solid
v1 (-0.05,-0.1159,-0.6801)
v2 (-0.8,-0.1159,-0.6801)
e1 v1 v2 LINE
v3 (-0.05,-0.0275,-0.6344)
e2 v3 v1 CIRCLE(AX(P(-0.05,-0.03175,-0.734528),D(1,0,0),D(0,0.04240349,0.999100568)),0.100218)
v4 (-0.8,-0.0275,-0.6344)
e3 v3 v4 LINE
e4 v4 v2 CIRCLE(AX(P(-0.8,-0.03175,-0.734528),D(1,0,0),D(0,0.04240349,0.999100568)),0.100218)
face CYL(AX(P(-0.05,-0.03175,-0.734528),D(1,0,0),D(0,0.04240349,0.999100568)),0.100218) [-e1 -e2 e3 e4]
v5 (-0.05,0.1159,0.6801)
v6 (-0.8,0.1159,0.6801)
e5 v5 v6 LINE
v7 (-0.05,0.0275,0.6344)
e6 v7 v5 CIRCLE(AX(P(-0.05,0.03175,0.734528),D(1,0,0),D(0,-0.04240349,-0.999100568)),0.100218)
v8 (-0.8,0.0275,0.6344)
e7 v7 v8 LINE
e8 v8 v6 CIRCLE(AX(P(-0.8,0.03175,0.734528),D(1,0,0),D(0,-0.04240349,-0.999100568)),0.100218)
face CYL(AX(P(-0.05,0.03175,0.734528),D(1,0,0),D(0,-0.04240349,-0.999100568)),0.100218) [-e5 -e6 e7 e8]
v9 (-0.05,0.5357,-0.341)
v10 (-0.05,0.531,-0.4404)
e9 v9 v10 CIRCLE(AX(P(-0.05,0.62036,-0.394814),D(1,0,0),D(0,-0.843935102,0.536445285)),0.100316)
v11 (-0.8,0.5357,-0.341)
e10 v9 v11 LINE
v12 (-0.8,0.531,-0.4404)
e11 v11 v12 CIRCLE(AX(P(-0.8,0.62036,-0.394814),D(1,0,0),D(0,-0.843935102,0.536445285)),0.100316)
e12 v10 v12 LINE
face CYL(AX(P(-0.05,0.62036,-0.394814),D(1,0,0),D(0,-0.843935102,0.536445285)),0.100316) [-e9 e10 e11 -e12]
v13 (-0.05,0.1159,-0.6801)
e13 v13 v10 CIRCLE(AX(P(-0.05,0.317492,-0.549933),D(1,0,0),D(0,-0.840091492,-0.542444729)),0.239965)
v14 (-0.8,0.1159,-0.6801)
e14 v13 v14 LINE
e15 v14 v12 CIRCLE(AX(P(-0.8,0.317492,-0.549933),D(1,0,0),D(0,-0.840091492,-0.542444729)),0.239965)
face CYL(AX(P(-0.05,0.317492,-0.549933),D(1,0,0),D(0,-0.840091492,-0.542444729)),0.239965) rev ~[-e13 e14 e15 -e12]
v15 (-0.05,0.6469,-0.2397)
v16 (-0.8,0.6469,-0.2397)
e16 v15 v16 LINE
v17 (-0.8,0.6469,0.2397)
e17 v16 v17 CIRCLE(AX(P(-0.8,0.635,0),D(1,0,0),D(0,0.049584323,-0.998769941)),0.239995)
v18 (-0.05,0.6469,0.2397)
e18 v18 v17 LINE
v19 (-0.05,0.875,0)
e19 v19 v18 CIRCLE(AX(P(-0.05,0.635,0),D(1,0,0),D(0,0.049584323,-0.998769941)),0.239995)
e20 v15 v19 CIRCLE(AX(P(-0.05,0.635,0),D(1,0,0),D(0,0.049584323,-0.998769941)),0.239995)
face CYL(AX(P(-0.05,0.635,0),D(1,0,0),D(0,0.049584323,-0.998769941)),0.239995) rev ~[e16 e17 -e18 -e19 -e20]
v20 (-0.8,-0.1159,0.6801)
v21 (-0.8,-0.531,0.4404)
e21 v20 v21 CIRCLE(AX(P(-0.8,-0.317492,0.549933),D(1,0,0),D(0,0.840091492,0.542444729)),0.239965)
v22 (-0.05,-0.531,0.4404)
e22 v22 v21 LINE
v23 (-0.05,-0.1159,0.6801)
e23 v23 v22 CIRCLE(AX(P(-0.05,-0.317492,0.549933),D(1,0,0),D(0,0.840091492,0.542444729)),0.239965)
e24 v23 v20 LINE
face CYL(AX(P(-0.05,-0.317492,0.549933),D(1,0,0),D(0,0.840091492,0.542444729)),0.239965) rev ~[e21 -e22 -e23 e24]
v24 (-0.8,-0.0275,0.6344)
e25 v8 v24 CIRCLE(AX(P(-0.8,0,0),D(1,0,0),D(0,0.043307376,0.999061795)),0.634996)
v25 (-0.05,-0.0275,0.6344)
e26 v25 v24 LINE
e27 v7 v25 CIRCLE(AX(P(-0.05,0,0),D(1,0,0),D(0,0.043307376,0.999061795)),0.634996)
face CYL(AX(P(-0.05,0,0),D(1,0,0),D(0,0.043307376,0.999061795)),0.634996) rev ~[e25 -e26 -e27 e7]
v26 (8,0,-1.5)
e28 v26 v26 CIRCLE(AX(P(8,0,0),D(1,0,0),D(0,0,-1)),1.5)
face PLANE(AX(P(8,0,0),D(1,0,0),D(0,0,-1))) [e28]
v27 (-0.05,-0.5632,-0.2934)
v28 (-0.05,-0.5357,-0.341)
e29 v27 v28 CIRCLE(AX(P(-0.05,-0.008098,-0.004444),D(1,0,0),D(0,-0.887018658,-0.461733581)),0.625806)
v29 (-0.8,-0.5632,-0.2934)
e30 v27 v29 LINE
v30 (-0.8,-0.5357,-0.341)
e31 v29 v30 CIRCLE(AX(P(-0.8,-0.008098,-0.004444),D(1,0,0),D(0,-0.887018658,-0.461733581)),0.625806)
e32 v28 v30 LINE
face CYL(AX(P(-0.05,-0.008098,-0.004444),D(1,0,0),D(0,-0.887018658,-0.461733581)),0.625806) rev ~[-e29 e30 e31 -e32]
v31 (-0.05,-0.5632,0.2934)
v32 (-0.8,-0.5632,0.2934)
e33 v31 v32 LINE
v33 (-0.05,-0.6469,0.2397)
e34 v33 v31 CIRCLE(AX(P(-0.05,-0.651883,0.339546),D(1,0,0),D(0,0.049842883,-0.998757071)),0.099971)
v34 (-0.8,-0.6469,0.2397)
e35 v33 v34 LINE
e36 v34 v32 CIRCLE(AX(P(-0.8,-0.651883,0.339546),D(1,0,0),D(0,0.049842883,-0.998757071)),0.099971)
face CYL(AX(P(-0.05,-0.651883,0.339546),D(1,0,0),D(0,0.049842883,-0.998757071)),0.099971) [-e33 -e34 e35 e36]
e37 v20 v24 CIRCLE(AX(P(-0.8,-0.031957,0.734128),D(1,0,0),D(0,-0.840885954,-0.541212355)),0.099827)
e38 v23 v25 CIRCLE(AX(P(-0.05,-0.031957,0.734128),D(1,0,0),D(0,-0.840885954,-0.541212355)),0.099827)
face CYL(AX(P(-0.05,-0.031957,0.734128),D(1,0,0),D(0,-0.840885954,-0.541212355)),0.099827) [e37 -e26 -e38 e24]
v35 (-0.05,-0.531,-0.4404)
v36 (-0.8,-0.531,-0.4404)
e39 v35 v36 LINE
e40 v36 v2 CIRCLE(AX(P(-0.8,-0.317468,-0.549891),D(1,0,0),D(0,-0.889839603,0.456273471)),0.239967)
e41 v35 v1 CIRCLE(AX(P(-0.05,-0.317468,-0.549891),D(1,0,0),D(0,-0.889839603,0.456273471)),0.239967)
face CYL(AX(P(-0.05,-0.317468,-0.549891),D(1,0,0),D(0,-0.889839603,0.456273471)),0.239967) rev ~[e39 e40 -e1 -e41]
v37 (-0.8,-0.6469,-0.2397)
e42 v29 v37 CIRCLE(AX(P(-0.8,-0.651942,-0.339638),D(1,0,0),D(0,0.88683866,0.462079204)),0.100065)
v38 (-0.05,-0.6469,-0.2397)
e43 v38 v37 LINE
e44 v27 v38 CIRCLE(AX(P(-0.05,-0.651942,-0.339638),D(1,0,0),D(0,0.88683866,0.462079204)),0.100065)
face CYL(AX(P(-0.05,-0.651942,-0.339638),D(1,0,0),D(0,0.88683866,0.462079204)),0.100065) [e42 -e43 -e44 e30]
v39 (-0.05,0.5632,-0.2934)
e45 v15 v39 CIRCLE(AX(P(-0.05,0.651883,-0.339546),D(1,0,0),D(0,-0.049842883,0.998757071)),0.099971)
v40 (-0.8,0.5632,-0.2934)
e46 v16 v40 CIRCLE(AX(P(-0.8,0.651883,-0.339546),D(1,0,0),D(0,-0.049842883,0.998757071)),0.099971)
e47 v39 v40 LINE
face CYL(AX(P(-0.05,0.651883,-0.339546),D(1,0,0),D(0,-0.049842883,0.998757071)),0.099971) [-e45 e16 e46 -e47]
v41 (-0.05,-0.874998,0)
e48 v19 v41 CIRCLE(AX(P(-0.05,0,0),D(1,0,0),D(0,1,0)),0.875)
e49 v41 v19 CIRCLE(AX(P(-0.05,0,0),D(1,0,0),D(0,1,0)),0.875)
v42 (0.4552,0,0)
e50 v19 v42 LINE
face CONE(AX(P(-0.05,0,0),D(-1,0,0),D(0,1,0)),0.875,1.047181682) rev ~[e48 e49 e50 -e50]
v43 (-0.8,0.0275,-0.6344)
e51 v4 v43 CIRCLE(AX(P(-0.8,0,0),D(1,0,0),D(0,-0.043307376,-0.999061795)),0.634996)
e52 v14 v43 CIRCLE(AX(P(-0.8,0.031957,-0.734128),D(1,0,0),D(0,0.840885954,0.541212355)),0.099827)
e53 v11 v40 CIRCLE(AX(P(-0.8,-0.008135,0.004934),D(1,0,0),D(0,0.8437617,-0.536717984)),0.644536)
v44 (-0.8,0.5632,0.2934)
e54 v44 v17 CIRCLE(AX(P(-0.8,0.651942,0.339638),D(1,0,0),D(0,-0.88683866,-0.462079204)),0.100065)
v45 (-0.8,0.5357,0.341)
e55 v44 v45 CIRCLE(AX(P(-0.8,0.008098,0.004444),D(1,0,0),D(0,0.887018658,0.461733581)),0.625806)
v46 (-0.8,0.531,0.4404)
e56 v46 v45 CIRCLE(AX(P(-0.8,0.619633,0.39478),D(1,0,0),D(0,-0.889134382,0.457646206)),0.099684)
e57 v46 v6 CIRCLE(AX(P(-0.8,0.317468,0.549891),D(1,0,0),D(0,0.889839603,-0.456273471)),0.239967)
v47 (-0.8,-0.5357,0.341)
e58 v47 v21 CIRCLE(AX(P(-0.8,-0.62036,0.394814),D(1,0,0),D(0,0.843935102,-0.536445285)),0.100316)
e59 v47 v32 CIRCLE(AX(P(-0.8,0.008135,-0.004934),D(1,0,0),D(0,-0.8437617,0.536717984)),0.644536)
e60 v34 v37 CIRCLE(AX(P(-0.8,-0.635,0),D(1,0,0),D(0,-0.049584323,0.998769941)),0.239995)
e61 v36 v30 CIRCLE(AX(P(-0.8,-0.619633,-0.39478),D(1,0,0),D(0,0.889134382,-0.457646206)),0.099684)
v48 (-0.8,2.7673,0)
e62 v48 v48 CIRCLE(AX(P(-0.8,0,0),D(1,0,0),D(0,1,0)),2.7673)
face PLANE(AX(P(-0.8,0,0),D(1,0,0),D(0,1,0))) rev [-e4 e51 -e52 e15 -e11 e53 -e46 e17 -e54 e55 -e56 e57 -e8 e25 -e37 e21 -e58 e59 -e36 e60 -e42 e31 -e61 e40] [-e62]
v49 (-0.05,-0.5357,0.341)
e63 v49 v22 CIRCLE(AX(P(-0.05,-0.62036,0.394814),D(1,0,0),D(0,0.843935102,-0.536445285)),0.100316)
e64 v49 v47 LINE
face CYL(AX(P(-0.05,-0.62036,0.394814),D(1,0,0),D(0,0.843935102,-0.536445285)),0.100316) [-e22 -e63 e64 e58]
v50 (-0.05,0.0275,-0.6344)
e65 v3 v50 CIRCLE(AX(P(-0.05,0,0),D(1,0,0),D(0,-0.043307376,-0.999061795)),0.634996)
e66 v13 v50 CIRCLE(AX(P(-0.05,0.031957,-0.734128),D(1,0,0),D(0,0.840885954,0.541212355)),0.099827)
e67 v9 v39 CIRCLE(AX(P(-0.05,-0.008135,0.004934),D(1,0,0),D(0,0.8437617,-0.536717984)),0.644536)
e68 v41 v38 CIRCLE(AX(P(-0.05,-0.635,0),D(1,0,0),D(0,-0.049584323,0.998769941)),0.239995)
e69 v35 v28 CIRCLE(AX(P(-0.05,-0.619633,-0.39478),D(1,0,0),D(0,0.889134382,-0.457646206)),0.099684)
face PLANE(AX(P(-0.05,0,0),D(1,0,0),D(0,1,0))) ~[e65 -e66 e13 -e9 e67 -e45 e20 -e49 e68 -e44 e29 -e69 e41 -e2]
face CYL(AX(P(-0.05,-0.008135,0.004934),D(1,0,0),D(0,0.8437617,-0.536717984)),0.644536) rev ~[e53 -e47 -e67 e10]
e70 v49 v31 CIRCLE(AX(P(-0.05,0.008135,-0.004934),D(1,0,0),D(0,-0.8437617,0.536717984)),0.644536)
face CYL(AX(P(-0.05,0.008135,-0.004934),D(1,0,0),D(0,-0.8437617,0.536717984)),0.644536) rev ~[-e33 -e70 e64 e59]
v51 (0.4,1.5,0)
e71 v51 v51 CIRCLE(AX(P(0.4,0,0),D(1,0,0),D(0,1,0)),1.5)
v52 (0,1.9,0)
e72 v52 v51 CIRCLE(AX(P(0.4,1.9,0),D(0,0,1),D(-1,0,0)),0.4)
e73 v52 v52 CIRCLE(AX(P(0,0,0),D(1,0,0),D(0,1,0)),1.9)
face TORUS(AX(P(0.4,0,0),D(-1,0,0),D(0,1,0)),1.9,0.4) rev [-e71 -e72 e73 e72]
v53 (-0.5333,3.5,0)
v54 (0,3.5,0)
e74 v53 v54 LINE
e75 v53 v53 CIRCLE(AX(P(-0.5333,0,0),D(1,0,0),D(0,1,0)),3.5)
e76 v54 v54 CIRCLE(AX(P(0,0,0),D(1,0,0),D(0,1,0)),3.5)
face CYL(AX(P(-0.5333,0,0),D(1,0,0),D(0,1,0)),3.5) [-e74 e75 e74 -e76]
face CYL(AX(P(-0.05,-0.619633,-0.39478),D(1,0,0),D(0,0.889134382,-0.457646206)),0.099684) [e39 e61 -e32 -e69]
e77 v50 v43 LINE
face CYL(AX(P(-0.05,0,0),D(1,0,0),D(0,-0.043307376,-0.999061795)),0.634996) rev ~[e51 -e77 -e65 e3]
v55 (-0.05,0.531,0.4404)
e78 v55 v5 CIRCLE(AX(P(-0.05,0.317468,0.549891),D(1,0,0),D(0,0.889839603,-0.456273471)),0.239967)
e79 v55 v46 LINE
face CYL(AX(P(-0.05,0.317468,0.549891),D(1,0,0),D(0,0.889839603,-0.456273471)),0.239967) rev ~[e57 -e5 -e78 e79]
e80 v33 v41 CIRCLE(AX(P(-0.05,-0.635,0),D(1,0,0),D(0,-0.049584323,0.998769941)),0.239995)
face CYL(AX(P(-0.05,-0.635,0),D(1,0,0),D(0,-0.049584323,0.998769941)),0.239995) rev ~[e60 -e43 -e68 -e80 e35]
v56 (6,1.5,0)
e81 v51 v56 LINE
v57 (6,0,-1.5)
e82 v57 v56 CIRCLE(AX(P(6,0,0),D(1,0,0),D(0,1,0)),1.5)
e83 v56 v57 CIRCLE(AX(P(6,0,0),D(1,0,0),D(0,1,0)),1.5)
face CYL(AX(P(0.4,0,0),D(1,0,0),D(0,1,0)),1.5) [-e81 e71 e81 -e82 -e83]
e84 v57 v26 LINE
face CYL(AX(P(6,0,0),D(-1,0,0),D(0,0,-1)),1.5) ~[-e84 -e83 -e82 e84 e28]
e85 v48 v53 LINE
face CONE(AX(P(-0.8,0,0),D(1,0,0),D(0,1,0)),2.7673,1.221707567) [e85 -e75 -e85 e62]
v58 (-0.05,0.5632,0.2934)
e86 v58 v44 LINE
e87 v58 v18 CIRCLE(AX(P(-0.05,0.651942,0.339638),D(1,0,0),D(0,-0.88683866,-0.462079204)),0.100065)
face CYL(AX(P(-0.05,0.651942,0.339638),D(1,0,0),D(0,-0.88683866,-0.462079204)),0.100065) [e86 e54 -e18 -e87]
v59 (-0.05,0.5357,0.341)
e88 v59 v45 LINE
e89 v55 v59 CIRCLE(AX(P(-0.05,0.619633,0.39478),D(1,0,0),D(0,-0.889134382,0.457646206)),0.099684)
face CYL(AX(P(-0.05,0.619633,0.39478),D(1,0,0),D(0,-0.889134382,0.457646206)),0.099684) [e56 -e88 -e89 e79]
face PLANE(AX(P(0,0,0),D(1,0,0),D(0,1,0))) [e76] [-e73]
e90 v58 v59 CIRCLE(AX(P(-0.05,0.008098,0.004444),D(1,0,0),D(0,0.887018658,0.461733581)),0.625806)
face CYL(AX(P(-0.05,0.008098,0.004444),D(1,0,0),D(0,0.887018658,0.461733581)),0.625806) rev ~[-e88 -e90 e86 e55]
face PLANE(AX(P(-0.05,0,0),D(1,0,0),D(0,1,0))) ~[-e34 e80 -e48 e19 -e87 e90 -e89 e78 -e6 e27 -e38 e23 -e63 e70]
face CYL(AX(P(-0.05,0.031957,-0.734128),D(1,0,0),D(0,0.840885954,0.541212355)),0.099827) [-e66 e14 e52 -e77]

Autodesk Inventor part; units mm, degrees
ref_plane "YZ Plane" through (0, 0, 0) normal (1, 0, 0) x (0, 1, 0)
ref_plane "XZ Plane" through (0, 0, 0) normal (0, 1, 0) x (-1, 0, 0)
ref_plane "XY Plane" through (0, 0, 0) normal (0, 0, 1) x (1, 0, 0)
sketch "Sketch_1" plane through (0, 0, 0) normal (0, 0, 1) x (1, 0, 0)
  line L0 (6, 0) -> (0, 0)
  line L1 (-0.8, 0) -> (-0.8, 2.7673)
  line L2 (-0.8, 2.7673) -> (-0.5333, 3.5)
  line L3 (-0.5333, 3.5) -> (0, 3.5)
  line L4 (0, 3.5) -> (0, 1.9)
  arc A0 (0, 1.9) -> (0.4, 1.5) centre (0.4, 1.9) ccw
  line L5 (0.4, 1.5) -> (6, 1.5)
  line L6 (6, 1.5) -> (6, 0)
  line L7 (6, 0) -> (-0.8, 0)
  line L8 (0, 0) -> (-0.8, 0)
  dimension "d6" = 6
revolve "Revolution1" add sketch "Sketch_1" angle 360 about axis through (6, 0, 0) along (1, 0, 0)
sketch "Sketch_5" plane through (-0.05, 0, 0) normal (1, 0, 0) x (0, 0, -1)
  arc A0 (-0.6801, -0.1159) -> (-0.4404, -0.531) centre (-0.5499, -0.3175) ccw
  arc A1 (-0.341, -0.5357) -> (-0.4404, -0.531) centre (-0.3947, -0.62) ccw
  arc A2 (-0.341, -0.5357) -> (-0.2934, -0.5632) centre (0, 0) ccw
  arc A3 (-0.2397, -0.6469) -> (-0.2934, -0.5632) centre (-0.3396, -0.6519) ccw
  arc A4 (-0.2397, -0.6469) -> (0.2397, -0.6469) centre (0, -0.635) ccw
  arc A5 (0.2934, -0.5632) -> (0.2397, -0.6469) centre (0.3396, -0.6519) ccw
  arc A6 (0.2934, -0.5632) -> (0.341, -0.5357) centre (0, 0) ccw
  arc A7 (0.4404, -0.531) -> (0.341, -0.5357) centre (0.3947, -0.62) ccw
  arc A8 (0.4404, -0.531) -> (0.6801, -0.1159) centre (0.5499, -0.3175) ccw
  arc A9 (0.6344, -0.0275) -> (0.6801, -0.1159) centre (0.7343, -0.0318) ccw
  arc A10 (0.6344, -0.0275) -> (0.6344, 0.0275) centre (0, 0) ccw
  arc A11 (0.6801, 0.1159) -> (0.6344, 0.0275) centre (0.7343, 0.0318) ccw
  arc A12 (0.6801, 0.1159) -> (0.4404, 0.531) centre (0.5499, 0.3175) ccw
  arc A13 (0.341, 0.5357) -> (0.4404, 0.531) centre (0.3947, 0.62) ccw
  arc A14 (0.341, 0.5357) -> (0.2934, 0.5632) centre (0, 0) ccw
  arc A15 (0.2397, 0.6469) -> (0.2934, 0.5632) centre (0.3396, 0.6519) ccw
  arc A16 (0.2397, 0.6469) -> (-0.2397, 0.6469) centre (0, 0.635) ccw
  arc A17 (-0.2934, 0.5632) -> (-0.2397, 0.6469) centre (-0.3396, 0.6519) ccw
  arc A18 (-0.2934, 0.5632) -> (-0.341, 0.5357) centre (0, 0) ccw
  arc A19 (-0.4404, 0.531) -> (-0.341, 0.5357) centre (-0.3947, 0.62) ccw
  arc A20 (-0.4404, 0.531) -> (-0.6801, 0.1159) centre (-0.5499, 0.3175) ccw
  arc A21 (-0.6344, 0.0275) -> (-0.6801, 0.1159) centre (-0.7343, 0.0318) ccw
  arc A22 (-0.6344, 0.0275) -> (-0.6344, -0.0275) centre (0, 0) ccw
  arc A23 (-0.6801, -0.1159) -> (-0.6344, -0.0275) centre (-0.7343, -0.0318) ccw
extrude "Extrusion1" cut sketch "Sketch_5" against normal blind 0.75
sketch "Sketch_2" plane through (0, 0, 0) normal (0, 0, 1) x (1, 0, 0)
  line L0 (0.4552, 0) -> (0, 0)
  line L1 (-0.05, 0) -> (-0.05, 0.875)
  line L2 (-0.05, 0.875) -> (0.4552, 0)
  line L3 (0.4552, 0) -> (-0.05, 0)
revolve "Revolution2" cut sketch "Sketch_2" angle 360 about axis through (0.4552, 0, 0) along (1, 0, 0)
sketch "スケッチ4" plane through (6, 0, 0) normal (1, 0, 0) x (0, 0, -1)
  circle A0 centre (0, 0) radius 1.5 projected
extrude "押し出し2" add sketch "スケッチ4" along normal blind 2
thread "Thread1" size "M3x0.5" class "6g" standard "ISO Metric profile" length 7.5 offset 0.1
properties part number "超極低頭ネジL8" material "ステンレス鋼"
